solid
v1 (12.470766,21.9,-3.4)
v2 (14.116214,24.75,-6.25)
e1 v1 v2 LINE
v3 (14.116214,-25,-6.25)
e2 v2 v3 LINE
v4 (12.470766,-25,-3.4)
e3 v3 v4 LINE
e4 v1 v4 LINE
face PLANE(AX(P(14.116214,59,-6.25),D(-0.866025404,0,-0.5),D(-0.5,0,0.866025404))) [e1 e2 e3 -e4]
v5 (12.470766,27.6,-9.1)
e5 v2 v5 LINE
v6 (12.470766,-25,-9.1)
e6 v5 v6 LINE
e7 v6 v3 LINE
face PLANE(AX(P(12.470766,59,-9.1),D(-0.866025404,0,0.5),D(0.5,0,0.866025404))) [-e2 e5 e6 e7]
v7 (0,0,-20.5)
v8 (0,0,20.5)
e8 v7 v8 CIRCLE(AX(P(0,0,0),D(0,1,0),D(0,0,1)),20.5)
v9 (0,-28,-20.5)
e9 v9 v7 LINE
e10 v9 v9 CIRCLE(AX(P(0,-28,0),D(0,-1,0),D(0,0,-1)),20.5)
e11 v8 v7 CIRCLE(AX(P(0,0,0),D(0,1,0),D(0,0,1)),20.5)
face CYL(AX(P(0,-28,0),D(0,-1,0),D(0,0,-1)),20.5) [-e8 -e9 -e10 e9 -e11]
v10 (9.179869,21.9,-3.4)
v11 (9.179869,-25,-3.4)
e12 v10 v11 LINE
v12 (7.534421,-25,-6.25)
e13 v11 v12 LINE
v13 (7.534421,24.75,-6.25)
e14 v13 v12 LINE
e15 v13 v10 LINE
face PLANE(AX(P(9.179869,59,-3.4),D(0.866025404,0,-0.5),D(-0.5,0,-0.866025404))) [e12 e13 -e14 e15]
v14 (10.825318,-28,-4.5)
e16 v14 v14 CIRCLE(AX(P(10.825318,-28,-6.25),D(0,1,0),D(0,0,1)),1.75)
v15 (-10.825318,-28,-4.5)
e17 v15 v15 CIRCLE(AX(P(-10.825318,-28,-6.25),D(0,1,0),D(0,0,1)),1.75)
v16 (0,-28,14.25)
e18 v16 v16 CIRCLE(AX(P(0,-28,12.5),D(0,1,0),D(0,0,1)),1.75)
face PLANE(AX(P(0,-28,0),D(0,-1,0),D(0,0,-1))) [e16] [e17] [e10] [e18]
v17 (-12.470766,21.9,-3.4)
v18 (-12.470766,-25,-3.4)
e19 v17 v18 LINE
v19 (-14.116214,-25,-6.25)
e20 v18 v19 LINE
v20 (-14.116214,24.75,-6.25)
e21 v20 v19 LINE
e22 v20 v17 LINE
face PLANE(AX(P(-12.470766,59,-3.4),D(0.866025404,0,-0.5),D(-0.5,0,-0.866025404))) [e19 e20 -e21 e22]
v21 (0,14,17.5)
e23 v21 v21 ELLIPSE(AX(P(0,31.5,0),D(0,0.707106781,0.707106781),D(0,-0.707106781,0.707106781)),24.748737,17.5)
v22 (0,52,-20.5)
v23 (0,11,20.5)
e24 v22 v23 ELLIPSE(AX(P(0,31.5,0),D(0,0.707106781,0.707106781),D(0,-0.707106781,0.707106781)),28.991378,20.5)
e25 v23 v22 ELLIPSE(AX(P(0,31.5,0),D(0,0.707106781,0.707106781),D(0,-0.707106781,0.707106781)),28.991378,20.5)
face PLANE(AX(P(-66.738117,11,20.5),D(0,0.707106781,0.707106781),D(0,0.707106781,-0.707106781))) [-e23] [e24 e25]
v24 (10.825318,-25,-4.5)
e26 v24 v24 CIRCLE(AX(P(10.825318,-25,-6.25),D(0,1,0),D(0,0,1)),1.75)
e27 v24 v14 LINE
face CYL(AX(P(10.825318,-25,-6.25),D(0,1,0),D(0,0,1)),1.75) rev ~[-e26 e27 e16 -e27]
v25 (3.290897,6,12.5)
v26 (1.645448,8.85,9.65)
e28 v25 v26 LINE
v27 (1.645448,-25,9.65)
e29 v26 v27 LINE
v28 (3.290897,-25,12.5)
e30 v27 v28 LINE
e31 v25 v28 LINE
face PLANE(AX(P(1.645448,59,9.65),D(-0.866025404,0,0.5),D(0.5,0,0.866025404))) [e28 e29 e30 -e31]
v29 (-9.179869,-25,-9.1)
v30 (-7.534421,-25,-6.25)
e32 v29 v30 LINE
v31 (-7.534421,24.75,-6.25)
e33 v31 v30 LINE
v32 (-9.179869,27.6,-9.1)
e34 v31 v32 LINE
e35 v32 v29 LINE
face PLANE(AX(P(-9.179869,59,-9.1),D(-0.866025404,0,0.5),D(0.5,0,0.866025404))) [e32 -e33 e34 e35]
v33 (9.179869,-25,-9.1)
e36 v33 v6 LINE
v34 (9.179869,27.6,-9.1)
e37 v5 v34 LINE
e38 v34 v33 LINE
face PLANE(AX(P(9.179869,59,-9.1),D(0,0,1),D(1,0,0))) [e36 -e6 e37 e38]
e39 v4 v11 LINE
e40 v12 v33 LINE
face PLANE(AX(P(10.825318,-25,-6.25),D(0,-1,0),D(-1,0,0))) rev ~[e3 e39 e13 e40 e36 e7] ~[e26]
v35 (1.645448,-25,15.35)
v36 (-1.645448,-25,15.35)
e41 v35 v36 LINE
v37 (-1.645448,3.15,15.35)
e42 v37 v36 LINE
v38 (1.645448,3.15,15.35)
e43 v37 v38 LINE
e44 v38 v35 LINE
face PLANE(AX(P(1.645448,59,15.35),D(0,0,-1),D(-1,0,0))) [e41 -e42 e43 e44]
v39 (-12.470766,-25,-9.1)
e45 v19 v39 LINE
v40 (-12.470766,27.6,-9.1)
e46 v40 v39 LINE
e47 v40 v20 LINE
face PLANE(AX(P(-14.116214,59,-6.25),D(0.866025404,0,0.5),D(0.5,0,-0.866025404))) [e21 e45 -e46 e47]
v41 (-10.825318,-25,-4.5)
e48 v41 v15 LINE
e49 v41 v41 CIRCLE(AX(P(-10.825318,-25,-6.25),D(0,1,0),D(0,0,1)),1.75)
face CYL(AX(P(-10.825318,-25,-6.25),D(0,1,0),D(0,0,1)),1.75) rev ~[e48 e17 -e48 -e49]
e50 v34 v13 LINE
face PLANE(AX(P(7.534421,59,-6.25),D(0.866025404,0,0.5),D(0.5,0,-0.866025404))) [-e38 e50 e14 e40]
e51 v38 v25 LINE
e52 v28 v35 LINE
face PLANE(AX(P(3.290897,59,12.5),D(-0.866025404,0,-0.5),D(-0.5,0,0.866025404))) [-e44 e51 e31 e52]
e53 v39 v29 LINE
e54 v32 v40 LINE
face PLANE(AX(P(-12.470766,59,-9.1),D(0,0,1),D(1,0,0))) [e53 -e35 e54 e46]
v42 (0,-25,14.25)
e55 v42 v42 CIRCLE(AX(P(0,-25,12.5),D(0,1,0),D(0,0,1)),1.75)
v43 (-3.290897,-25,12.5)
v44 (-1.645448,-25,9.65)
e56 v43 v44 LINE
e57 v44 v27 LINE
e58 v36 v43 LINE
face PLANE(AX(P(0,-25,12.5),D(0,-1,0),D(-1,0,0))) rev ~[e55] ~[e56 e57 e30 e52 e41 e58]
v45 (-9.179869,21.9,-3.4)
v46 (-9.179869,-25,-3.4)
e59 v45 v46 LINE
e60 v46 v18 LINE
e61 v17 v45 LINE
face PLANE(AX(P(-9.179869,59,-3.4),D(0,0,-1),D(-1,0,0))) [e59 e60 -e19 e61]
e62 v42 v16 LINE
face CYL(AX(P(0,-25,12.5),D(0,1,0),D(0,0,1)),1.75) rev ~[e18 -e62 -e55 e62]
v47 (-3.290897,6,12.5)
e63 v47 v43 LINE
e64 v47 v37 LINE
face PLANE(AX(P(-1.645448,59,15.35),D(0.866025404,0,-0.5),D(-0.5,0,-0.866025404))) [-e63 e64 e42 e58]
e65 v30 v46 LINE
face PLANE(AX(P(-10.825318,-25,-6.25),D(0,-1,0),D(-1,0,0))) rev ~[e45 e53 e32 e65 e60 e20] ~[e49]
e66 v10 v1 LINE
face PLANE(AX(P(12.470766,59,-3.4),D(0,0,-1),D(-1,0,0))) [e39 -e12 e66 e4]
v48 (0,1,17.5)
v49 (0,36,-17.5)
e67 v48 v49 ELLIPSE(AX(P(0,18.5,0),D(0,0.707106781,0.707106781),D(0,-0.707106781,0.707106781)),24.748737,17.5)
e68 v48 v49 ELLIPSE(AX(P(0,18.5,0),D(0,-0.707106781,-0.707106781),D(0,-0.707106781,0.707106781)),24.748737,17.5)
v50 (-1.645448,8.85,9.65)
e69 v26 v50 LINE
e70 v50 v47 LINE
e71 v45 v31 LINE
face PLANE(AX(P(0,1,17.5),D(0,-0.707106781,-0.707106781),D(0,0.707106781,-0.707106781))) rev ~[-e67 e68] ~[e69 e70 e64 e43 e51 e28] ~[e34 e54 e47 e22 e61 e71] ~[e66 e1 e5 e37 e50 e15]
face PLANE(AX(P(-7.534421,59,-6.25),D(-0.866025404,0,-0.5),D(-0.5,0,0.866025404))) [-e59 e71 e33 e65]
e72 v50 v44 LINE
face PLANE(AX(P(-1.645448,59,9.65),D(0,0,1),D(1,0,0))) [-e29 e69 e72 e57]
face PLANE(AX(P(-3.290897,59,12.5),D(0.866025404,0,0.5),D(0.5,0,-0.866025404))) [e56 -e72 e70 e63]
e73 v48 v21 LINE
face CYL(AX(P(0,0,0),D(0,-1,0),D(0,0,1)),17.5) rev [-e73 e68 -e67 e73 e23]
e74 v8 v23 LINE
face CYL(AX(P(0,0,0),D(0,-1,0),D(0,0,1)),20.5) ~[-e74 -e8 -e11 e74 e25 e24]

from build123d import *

# Parameters (mm, degrees)
SKETCH_1_R                  = 20.5
SKETCH_1_R_2                = 17.5
EXTRUDE_1_DEPTH             = 59
CUT_EXTRUDE_1_DEPTH         = 66.738116797
CUT_EXTRUDE_1_DEPTH_BACK    = 66.738116797
EXTRUDE_4_REACH             = 61.536
EXTRUDE_4_DIRECTION_2_REACH = 61.536
EXTRUDE_START               = 28
SKETCH_5_R                  = 20.5
EXTRUDE_5_DEPTH             = 28
CUT_EXTRUDE_6_DEPTH         = 84
SKETCH_15_R                 = 1.75
CUT_EXTRUDE_7_DEPTH         = 83.276971262


with BuildPart() as part:
    # Эскиз1 → Бобышка-Вытянуть1 (new body)
    with BuildSketch(Plane(origin=(0, 0, 0), x_dir=(1, 0, 0), z_dir=(0, 1, 0))):
        with Locations(Location((0, 0, 0), (0, 0, 270))):
            Circle(SKETCH_1_R)
        with Locations(Location((0, 0, 0), (0, 0, 270))):
            Circle(SKETCH_1_R_2, mode=Mode.SUBTRACT)
    extrude(amount=EXTRUDE_1_DEPTH)

    # Эскиз2 → Вырез-Вытянуть1 (cut, two sides: drawn at the far end of the back side and taken through both)
    with BuildSketch(Plane(origin=(0, 0, 0), x_dir=(0, 0, -1), z_dir=(1, 0, 0)).offset(-CUT_EXTRUDE_1_DEPTH_BACK)):
        Polygon((20.5, 59), (-20.5, 59), (-20.5, 11), (20.5, 52), align=None)
    extrude(amount=CUT_EXTRUDE_1_DEPTH + CUT_EXTRUDE_1_DEPTH_BACK, mode=Mode.SUBTRACT)

    # Эскиз3 → Бобышка-Вытянуть4 (add, up to next)
    with BuildSketch(Plane(origin=(0, 0, 0), x_dir=(0, 0, -1), z_dir=(1, 0, 0)), mode=Mode.PRIVATE) as extrude_4_sk1:
        Polygon((-17.5, 1), (17.5, 36), (17.5, 1), (17.5, 0), (-17.5, 0), align=None)
    extrude_4_tool1 = extrude(extrude_4_sk1.sketch, amount=EXTRUDE_4_REACH, mode=Mode.PRIVATE) - part.part
    add(extrude_4_tool1.solids().sort_by_distance((0, 12.009009, -5.518018))[0])

    # Эскиз3 → Бобышка-Вытянуть4 direction 2 (add, up to next)
    with BuildSketch(Plane(origin=(0, 0, 0), x_dir=(0, 0, -1), z_dir=(1, 0, 0)), mode=Mode.PRIVATE) as extrude_4_direction_2_sk1:
        Polygon((-17.5, 1), (17.5, 36), (17.5, 1), (17.5, 0), (-17.5, 0), align=None)
    extrude_4_direction_2_tool1 = extrude(extrude_4_direction_2_sk1.sketch, amount=-EXTRUDE_4_DIRECTION_2_REACH, mode=Mode.PRIVATE) - part.part
    add(extrude_4_direction_2_tool1.solids().sort_by_distance((0, 12.009009, -5.518018))[0])

    # Эскиз5 → Бобышка-Вытянуть5 (add)
    with BuildSketch(Plane.XZ.offset(EXTRUDE_START)):
        with Locations(Location((0, 0, 0), (0, 0, 270))):
            Circle(SKETCH_5_R)
    extrude(amount=-EXTRUDE_5_DEPTH)

    # Эскиз13 → Вырез-Вытянуть6 (cut)
    with BuildSketch(Plane(origin=(0, 59, 0), x_dir=(-1, 0, 0), z_dir=(0, -1, 0))):
        Polygon((7.534421013, 6.25), (9.17986928, 3.4), (12.470765814, 3.4), (14.116214082, 6.25), (12.470765814, 9.1), (9.17986928, 9.1), align=None)
        Polygon((-14.116214082, 6.25), (-12.470765814, 3.4), (-9.17986928, 3.4), (-7.534421013, 6.25), (-9.17986928, 9.1), (-12.470765814, 9.1), align=None)
        Polygon((-3.290896534, -12.5), (-1.645448267, -15.35), (1.645448267, -15.35), (3.290896534, -12.5), (1.645448267, -9.65), (-1.645448267, -9.65), align=None)
    extrude(amount=CUT_EXTRUDE_6_DEPTH, mode=Mode.SUBTRACT)

    # Эскиз15 → Вырез-Вытянуть7 (cut, through all)
    with BuildSketch(Plane(origin=(0, -25, 0), x_dir=(1, 0, 0), z_dir=(0, 1, 0))):
        with Locations(Location((10.825317547, 6.25, 0), (0, 0, 270))):
            Circle(SKETCH_15_R)
        with Locations(Location((-10.825317547, 6.25, 0), (0, 0, 270))):
            Circle(SKETCH_15_R)
        with Locations(Location((0, -12.5, 0), (0, 0, 270))):
            Circle(SKETCH_15_R)
    extrude(amount=-CUT_EXTRUDE_7_DEPTH, mode=Mode.SUBTRACT)


solid = part.part
